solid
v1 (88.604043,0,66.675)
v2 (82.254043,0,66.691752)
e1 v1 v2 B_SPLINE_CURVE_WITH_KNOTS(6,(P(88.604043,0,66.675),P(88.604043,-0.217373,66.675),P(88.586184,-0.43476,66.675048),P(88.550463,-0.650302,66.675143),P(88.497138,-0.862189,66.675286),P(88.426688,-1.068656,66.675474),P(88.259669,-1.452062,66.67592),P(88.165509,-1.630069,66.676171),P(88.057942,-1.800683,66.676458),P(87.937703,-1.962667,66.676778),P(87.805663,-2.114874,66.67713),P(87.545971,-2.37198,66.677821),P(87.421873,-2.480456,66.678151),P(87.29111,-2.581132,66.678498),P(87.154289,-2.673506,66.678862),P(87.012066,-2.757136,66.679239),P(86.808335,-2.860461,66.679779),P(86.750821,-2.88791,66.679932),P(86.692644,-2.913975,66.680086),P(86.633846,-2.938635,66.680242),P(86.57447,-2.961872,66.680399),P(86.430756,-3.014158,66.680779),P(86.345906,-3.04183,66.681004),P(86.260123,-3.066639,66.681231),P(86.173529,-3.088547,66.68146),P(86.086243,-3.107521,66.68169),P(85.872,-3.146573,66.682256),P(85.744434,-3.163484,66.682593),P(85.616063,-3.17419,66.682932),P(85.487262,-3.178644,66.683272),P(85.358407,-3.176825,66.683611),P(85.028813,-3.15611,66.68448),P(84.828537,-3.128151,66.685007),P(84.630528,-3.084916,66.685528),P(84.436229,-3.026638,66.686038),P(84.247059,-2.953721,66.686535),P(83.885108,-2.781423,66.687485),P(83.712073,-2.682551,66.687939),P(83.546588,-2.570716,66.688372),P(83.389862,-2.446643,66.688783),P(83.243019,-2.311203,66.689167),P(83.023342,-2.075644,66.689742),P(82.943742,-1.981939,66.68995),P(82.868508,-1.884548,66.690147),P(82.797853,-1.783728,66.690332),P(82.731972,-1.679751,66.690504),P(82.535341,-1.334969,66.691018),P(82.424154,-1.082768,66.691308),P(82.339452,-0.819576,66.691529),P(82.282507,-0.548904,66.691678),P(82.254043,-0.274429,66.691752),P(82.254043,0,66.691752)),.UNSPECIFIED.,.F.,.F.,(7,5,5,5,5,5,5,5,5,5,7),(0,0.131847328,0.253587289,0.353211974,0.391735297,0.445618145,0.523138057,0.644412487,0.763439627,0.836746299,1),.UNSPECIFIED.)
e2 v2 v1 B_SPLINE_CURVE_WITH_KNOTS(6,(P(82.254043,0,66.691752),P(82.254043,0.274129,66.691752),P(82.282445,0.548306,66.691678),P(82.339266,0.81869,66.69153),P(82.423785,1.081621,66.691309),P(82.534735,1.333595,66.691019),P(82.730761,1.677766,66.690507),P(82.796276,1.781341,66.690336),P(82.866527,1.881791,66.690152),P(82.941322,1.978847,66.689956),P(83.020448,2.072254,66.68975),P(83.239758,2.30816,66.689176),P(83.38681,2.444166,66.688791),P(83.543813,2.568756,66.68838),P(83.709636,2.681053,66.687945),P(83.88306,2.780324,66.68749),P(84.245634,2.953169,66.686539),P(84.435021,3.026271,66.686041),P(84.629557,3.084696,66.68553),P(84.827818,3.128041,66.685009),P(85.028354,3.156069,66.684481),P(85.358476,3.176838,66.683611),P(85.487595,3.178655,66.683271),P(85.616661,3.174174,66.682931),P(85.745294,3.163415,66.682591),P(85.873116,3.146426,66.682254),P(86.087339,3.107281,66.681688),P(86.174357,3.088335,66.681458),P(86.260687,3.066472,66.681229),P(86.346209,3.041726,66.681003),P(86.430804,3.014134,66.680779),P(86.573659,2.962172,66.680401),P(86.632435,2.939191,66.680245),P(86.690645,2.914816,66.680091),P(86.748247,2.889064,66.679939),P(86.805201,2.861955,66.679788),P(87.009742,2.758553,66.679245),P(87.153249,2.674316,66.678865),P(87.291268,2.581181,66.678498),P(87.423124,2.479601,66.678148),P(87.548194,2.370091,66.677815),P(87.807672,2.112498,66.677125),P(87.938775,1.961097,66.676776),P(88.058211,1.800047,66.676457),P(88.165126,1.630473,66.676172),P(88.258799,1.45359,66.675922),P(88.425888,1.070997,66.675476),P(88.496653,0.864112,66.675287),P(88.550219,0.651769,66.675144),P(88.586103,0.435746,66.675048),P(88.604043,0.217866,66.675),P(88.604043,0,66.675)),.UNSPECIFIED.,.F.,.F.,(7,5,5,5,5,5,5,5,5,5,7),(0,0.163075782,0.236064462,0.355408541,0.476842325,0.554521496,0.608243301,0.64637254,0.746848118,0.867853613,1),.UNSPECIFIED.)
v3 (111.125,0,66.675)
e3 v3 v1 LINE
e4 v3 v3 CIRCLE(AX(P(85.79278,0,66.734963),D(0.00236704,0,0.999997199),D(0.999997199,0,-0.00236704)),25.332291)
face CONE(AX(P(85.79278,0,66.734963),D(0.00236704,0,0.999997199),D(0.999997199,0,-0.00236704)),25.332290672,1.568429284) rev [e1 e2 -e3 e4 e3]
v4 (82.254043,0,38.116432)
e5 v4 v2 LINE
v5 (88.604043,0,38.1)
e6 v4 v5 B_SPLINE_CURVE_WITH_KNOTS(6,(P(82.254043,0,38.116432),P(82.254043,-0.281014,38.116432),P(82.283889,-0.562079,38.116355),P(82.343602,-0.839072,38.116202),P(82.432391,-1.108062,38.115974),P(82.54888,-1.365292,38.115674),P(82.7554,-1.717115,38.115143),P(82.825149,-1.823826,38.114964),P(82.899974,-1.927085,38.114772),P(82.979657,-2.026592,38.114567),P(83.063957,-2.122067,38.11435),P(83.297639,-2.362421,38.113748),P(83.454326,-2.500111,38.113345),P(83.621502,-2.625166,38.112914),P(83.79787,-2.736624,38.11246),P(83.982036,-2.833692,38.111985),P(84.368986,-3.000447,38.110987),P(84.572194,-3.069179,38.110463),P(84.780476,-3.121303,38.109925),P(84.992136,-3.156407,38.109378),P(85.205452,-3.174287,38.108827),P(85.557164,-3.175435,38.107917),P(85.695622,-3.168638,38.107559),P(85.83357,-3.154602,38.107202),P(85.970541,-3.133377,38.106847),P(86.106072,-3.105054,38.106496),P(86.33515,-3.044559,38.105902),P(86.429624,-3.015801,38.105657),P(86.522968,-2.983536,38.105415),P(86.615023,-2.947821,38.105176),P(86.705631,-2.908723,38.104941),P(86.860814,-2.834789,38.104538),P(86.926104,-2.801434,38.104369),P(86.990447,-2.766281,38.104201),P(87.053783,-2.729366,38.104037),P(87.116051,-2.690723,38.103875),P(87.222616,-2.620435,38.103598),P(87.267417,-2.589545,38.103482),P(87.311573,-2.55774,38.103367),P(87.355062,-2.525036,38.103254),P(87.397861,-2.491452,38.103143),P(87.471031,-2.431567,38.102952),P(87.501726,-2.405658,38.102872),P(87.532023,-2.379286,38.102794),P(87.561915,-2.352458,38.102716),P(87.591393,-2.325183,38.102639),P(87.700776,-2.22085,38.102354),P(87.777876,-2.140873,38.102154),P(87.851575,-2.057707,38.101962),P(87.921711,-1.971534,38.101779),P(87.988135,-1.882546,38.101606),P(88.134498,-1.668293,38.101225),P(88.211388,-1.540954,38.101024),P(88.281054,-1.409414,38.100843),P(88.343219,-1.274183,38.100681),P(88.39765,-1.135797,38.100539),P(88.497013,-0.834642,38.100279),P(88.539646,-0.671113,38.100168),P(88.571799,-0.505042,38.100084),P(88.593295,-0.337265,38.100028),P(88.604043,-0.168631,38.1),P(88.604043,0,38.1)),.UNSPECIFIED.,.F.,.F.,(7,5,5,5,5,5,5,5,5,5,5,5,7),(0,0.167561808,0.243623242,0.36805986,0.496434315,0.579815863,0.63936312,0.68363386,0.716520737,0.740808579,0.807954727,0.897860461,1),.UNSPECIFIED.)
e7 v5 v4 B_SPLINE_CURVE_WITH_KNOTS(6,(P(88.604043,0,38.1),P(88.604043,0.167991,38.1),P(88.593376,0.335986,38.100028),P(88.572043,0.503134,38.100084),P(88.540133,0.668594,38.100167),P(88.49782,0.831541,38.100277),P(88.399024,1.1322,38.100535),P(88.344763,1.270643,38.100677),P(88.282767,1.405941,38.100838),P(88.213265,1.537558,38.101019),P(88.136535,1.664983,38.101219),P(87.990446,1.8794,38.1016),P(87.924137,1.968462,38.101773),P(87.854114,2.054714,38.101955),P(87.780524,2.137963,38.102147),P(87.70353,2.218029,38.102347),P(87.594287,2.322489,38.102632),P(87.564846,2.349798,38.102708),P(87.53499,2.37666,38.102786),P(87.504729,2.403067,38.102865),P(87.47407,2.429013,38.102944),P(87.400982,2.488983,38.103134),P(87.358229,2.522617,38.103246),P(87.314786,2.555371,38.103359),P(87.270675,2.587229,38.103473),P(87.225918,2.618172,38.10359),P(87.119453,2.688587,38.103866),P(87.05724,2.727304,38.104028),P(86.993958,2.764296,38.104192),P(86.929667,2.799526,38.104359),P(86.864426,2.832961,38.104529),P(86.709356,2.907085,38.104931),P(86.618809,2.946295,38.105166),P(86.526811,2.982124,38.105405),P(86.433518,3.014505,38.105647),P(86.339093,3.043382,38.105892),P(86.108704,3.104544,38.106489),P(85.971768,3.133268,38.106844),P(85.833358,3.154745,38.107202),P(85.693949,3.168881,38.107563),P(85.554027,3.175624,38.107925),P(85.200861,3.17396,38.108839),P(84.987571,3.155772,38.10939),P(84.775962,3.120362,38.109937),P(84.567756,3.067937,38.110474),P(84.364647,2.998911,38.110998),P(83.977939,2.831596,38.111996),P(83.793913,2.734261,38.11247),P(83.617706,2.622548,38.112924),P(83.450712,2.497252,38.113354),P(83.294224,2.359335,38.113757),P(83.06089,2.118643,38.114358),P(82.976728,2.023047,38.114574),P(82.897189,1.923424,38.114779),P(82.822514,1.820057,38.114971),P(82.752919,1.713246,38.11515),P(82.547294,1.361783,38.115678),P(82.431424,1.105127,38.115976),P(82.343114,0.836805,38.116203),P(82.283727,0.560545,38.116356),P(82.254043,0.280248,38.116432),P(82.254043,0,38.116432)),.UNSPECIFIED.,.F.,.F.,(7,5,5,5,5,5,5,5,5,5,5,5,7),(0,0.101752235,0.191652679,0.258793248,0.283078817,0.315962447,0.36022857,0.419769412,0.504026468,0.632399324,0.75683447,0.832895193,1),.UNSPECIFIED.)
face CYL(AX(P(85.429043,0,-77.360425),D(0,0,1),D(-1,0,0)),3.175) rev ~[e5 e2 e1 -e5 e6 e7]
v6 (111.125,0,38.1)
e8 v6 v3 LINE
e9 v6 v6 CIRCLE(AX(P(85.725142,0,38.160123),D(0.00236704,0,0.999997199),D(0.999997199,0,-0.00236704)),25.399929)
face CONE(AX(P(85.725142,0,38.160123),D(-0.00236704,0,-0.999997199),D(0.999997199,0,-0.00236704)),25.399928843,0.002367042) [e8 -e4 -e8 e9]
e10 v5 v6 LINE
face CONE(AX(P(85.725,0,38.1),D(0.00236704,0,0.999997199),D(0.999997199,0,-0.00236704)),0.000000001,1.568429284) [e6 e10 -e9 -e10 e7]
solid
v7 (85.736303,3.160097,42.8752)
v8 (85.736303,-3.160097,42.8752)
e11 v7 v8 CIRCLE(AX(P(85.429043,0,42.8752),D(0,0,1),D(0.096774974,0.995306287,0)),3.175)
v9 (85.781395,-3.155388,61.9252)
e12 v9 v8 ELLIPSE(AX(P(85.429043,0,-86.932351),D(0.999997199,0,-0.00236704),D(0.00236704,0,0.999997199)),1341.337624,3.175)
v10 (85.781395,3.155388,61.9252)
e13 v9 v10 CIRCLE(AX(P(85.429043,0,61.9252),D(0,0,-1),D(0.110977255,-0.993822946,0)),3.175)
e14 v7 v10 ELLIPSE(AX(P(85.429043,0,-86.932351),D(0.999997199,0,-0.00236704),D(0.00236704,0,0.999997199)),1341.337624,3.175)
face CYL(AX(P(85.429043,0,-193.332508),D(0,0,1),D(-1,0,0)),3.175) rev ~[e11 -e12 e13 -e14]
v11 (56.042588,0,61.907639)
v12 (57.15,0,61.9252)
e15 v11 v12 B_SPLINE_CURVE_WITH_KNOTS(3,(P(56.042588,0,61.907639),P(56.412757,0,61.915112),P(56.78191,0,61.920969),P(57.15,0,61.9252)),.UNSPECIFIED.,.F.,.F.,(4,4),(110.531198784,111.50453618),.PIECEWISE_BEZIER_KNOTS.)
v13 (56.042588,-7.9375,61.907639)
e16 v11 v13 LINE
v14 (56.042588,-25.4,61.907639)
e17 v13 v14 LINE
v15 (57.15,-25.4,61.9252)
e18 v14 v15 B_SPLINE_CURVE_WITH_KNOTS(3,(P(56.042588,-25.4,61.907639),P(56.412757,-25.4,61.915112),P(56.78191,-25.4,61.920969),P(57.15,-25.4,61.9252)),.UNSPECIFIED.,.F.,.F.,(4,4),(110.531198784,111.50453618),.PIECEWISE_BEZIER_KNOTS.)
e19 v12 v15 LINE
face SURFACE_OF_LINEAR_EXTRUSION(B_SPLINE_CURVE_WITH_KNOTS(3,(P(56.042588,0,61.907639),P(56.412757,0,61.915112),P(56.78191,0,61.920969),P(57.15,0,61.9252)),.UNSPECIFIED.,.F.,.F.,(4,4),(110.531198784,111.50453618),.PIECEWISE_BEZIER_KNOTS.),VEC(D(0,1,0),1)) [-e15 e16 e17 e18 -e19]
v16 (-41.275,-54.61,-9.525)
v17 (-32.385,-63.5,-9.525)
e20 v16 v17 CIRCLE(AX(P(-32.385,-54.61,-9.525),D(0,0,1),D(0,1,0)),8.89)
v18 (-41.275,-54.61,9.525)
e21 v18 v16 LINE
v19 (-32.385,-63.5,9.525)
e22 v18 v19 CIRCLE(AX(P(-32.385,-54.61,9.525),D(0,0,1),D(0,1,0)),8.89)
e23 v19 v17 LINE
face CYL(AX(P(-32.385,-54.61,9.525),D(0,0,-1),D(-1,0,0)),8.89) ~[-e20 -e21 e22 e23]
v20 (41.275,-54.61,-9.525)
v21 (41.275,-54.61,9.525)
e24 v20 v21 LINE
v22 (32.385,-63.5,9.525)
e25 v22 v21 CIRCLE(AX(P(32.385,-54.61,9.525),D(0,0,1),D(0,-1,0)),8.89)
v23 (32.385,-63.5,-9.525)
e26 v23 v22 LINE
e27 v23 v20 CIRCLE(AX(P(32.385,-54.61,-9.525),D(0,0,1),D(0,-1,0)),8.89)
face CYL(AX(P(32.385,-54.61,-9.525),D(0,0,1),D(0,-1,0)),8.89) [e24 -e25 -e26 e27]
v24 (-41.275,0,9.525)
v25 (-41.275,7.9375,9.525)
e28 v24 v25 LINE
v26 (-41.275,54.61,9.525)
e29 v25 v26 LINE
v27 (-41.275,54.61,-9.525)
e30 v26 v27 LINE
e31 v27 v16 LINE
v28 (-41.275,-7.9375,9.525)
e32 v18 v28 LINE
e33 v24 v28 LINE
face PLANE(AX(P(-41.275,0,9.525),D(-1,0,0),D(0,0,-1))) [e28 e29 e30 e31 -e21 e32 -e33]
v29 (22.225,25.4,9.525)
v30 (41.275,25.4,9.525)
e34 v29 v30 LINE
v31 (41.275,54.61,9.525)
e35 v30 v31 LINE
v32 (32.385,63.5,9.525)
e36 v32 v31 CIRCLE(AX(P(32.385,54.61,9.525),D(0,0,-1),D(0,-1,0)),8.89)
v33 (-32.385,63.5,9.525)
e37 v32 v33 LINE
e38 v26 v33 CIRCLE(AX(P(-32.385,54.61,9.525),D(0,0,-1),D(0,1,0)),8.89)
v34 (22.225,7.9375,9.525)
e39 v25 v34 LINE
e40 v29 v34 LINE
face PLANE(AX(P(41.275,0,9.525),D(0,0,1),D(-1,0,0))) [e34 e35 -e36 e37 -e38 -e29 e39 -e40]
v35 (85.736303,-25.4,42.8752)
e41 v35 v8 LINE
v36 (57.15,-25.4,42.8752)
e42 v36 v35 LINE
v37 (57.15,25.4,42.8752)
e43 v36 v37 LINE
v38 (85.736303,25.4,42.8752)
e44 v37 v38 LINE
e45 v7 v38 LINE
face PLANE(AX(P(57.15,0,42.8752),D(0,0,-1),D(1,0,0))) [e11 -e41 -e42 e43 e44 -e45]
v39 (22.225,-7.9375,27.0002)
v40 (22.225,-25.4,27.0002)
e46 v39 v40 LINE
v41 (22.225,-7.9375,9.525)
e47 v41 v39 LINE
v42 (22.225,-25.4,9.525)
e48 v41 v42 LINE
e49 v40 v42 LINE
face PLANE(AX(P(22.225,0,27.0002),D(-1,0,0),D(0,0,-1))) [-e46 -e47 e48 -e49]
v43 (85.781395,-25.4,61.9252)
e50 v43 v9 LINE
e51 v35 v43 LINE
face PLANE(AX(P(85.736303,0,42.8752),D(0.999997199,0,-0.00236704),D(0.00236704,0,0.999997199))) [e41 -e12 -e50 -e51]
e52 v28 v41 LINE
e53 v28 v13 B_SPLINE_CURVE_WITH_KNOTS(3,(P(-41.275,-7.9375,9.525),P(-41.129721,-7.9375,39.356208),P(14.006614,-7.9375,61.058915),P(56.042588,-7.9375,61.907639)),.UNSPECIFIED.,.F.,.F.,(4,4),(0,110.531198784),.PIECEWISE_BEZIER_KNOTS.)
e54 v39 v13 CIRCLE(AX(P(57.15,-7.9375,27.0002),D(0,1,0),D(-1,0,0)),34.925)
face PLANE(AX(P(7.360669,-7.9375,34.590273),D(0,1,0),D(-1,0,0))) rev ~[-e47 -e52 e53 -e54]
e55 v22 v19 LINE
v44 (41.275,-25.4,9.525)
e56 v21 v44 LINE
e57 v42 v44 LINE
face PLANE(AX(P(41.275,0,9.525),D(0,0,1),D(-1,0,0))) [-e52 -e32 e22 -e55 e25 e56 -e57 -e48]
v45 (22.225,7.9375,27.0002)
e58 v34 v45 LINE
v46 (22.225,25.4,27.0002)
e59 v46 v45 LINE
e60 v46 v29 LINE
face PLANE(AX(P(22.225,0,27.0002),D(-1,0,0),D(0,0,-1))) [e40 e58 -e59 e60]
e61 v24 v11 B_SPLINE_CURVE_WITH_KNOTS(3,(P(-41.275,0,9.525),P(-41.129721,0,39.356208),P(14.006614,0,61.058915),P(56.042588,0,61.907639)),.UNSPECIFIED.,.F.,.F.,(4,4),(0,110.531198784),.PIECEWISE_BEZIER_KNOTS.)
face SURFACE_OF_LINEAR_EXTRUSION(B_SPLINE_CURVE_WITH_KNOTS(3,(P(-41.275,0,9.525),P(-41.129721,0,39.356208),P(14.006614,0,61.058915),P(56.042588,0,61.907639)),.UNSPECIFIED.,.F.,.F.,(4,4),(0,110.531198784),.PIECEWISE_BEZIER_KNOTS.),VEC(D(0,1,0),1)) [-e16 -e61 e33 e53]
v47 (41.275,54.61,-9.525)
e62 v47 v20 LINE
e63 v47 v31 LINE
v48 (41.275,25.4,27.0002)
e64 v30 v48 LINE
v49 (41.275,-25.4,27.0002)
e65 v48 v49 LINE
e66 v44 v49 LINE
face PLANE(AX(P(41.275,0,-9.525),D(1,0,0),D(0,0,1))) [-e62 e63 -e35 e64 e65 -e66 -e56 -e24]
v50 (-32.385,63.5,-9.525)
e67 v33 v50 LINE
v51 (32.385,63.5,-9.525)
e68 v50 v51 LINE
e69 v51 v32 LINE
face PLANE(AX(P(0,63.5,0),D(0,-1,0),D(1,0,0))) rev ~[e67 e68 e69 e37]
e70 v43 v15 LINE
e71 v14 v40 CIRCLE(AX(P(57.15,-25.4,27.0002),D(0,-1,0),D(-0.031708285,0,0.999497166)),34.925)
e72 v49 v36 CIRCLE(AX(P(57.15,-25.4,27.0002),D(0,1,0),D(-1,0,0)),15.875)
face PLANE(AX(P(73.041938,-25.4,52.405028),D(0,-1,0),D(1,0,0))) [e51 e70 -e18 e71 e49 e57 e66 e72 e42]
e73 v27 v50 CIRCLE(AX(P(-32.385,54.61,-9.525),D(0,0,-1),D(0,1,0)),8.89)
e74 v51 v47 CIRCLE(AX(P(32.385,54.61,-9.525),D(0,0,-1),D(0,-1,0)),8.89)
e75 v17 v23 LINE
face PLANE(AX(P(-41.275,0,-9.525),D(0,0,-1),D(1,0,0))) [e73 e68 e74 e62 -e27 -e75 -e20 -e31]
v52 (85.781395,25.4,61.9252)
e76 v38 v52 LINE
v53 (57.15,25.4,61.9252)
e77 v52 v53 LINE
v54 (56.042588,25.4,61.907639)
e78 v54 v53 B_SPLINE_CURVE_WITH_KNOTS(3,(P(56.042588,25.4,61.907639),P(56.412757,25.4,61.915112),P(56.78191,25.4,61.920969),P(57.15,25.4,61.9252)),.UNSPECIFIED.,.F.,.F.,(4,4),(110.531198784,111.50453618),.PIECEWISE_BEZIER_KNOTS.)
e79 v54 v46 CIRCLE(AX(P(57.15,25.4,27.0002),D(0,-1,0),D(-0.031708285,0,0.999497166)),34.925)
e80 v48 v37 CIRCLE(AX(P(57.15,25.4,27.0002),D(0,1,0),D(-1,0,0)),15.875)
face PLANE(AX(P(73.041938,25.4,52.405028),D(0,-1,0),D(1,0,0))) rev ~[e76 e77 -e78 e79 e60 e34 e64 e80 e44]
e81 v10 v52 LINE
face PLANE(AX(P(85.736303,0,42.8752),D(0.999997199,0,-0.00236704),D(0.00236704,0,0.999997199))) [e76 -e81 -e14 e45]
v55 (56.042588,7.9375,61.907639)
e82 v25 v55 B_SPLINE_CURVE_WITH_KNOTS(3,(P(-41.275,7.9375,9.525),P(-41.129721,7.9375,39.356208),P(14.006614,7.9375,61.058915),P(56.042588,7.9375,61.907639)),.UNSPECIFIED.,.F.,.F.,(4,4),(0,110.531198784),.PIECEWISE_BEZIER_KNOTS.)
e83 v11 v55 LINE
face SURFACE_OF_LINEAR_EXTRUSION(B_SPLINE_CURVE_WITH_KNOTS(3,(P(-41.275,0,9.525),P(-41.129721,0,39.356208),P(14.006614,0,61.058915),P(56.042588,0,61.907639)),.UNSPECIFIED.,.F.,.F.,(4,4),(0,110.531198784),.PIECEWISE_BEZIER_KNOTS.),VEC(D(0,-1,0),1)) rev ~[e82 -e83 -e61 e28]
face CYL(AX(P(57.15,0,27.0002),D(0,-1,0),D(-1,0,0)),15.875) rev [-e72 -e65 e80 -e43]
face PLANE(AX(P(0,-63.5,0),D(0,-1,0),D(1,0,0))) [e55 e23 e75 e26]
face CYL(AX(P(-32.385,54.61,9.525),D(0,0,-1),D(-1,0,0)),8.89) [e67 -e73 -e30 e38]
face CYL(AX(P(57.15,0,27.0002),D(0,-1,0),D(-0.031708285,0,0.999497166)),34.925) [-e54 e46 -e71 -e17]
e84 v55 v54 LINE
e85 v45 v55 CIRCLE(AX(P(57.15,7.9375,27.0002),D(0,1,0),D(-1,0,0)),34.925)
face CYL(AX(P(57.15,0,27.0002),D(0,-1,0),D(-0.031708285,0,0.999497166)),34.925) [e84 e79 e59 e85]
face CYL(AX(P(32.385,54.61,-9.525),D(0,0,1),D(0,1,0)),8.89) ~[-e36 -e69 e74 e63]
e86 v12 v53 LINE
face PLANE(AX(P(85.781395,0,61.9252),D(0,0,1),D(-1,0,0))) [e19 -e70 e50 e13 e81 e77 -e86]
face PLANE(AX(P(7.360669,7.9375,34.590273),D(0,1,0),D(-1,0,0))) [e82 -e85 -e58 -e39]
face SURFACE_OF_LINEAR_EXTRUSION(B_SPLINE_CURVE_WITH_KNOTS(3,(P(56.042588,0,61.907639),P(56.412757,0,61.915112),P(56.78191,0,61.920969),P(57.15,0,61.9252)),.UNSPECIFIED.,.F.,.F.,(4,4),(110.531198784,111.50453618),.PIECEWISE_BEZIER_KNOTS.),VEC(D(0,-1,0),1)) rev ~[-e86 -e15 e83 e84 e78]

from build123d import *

# Parameters (mm, degrees)
F1_DEPTH = 63.5
F2_DEPTH = 25.4
F3_DEPTH = 7.9375
F5_R     = 8.89
F7_D     = 6.35
F7_2_D   = 6.35


with BuildPart() as f1:
    # F0 (on Front) → F1 (new body, symmetric)
    with BuildSketch(Plane.XZ):
        Polygon((22.2249999642, 9.525), (-41.275, 9.525), (-41.275, -9.525), (41.275, -9.525), (41.275, 9.525), align=None)
    extrude(amount=F1_DEPTH, both=True)

    # F0 (on Front) → F2 (join, symmetric)
    with BuildSketch(Plane.XZ):
        Polygon((85.7813953628, 61.9252000358), (60.325, 61.9252000358), (60.325, 42.8752), (85.7363031217, 42.8752), align=None)
        with BuildLine():
            Line((22.2249999642, 27.0002), (22.2249999642, 9.525))
            Line((22.2249999642, 9.525), (41.275, 9.525))
            Line((41.275, 9.525), (41.275, 27.0002))
            ThreePointArc((41.275, 27.0002), (45.9246798487, 38.2255201513), (57.15, 42.8752))
            Line((57.15, 42.8752), (60.325, 42.8752))
            Line((60.325, 42.8752), (60.325, 61.9252000358))
            Line((60.325, 61.9252000358), (57.15, 61.9252000358))
            add(Edge.make_bspline(
                [(56.042588155, 61.9076385555), (56.412756811, 61.9151124131), (56.7819095917, 61.9209691364), (57.15, 61.9252000358)],
                knots=[110.5311987842, 110.5311987842, 110.5311987842, 110.5311987842, 111.5045361803, 111.5045361803, 111.5045361803, 111.5045361803], degree=3))
            ThreePointArc((56.042588155, 61.9076385555), (32.065821857, 51.3012212622), (22.2249999642, 27.0002))
        make_face()
    extrude(amount=F2_DEPTH, both=True)

    # F0 (on Front) → F3 (join, symmetric)
    with BuildSketch(Plane.XZ):
        with BuildLine():
            add(Edge.make_bspline(
                [(-41.275, 9.525), (-41.1297210177, 39.3562083793), (14.0066143451, 61.0589149332), (56.042588155, 61.9076385555)],
                knots=[0, 0, 0, 0, 110.5311987842, 110.5311987842, 110.5311987842, 110.5311987842], degree=3))
            Line((-41.275, 9.525), (22.2249999642, 9.525))
            Line((22.2249999642, 9.525), (22.2249999642, 27.0002))
            ThreePointArc((22.2249999642, 27.0002), (32.065821857, 51.3012212622), (56.042588155, 61.9076385555))
        make_face()
    extrude(amount=F3_DEPTH, both=True)

    # F5
    f5_edges = [f1.edges().sort_by_distance(p)[0] for p in [
        (-41.275, -63.5, 0),
        (41.275, -63.5, 0),
        (41.275, 63.5, 0),
        (-41.275, 63.5, 0),
    ]]
    fillet(f5_edges, radius=F5_R)

    # F7 (through all)
    with Locations(Plane(origin=(0, 0, 0), x_dir=(1, 0, 0), z_dir=(0, 0, -1))):
        with Locations((85.4290425777, 0)):
            Hole(F7_D / 2)


with BuildPart() as f4:
    # F0 (on Front) → F4 (revolve)
    with BuildSketch(Plane.XZ):
        Polygon((85.7926383615, 66.675), (85.7813953628, 61.9252000358), (85.7363031217, 42.8752), (85.725, 38.1), (111.125, 38.1), (111.125, 66.675), align=None)
    revolve(axis=Axis((85.7588191807, 0, 52.3875), (0.0023670401, 0, 0.9999971986)))

    # F7#2 (through all)
    with Locations(Plane(origin=(0, 0, 0), x_dir=(1, 0, 0), z_dir=(0, 0, -1))):
        with Locations((85.4290425777, 0)):
            Hole(F7_2_D / 2)


solid = Compound([f1.part, f4.part])
